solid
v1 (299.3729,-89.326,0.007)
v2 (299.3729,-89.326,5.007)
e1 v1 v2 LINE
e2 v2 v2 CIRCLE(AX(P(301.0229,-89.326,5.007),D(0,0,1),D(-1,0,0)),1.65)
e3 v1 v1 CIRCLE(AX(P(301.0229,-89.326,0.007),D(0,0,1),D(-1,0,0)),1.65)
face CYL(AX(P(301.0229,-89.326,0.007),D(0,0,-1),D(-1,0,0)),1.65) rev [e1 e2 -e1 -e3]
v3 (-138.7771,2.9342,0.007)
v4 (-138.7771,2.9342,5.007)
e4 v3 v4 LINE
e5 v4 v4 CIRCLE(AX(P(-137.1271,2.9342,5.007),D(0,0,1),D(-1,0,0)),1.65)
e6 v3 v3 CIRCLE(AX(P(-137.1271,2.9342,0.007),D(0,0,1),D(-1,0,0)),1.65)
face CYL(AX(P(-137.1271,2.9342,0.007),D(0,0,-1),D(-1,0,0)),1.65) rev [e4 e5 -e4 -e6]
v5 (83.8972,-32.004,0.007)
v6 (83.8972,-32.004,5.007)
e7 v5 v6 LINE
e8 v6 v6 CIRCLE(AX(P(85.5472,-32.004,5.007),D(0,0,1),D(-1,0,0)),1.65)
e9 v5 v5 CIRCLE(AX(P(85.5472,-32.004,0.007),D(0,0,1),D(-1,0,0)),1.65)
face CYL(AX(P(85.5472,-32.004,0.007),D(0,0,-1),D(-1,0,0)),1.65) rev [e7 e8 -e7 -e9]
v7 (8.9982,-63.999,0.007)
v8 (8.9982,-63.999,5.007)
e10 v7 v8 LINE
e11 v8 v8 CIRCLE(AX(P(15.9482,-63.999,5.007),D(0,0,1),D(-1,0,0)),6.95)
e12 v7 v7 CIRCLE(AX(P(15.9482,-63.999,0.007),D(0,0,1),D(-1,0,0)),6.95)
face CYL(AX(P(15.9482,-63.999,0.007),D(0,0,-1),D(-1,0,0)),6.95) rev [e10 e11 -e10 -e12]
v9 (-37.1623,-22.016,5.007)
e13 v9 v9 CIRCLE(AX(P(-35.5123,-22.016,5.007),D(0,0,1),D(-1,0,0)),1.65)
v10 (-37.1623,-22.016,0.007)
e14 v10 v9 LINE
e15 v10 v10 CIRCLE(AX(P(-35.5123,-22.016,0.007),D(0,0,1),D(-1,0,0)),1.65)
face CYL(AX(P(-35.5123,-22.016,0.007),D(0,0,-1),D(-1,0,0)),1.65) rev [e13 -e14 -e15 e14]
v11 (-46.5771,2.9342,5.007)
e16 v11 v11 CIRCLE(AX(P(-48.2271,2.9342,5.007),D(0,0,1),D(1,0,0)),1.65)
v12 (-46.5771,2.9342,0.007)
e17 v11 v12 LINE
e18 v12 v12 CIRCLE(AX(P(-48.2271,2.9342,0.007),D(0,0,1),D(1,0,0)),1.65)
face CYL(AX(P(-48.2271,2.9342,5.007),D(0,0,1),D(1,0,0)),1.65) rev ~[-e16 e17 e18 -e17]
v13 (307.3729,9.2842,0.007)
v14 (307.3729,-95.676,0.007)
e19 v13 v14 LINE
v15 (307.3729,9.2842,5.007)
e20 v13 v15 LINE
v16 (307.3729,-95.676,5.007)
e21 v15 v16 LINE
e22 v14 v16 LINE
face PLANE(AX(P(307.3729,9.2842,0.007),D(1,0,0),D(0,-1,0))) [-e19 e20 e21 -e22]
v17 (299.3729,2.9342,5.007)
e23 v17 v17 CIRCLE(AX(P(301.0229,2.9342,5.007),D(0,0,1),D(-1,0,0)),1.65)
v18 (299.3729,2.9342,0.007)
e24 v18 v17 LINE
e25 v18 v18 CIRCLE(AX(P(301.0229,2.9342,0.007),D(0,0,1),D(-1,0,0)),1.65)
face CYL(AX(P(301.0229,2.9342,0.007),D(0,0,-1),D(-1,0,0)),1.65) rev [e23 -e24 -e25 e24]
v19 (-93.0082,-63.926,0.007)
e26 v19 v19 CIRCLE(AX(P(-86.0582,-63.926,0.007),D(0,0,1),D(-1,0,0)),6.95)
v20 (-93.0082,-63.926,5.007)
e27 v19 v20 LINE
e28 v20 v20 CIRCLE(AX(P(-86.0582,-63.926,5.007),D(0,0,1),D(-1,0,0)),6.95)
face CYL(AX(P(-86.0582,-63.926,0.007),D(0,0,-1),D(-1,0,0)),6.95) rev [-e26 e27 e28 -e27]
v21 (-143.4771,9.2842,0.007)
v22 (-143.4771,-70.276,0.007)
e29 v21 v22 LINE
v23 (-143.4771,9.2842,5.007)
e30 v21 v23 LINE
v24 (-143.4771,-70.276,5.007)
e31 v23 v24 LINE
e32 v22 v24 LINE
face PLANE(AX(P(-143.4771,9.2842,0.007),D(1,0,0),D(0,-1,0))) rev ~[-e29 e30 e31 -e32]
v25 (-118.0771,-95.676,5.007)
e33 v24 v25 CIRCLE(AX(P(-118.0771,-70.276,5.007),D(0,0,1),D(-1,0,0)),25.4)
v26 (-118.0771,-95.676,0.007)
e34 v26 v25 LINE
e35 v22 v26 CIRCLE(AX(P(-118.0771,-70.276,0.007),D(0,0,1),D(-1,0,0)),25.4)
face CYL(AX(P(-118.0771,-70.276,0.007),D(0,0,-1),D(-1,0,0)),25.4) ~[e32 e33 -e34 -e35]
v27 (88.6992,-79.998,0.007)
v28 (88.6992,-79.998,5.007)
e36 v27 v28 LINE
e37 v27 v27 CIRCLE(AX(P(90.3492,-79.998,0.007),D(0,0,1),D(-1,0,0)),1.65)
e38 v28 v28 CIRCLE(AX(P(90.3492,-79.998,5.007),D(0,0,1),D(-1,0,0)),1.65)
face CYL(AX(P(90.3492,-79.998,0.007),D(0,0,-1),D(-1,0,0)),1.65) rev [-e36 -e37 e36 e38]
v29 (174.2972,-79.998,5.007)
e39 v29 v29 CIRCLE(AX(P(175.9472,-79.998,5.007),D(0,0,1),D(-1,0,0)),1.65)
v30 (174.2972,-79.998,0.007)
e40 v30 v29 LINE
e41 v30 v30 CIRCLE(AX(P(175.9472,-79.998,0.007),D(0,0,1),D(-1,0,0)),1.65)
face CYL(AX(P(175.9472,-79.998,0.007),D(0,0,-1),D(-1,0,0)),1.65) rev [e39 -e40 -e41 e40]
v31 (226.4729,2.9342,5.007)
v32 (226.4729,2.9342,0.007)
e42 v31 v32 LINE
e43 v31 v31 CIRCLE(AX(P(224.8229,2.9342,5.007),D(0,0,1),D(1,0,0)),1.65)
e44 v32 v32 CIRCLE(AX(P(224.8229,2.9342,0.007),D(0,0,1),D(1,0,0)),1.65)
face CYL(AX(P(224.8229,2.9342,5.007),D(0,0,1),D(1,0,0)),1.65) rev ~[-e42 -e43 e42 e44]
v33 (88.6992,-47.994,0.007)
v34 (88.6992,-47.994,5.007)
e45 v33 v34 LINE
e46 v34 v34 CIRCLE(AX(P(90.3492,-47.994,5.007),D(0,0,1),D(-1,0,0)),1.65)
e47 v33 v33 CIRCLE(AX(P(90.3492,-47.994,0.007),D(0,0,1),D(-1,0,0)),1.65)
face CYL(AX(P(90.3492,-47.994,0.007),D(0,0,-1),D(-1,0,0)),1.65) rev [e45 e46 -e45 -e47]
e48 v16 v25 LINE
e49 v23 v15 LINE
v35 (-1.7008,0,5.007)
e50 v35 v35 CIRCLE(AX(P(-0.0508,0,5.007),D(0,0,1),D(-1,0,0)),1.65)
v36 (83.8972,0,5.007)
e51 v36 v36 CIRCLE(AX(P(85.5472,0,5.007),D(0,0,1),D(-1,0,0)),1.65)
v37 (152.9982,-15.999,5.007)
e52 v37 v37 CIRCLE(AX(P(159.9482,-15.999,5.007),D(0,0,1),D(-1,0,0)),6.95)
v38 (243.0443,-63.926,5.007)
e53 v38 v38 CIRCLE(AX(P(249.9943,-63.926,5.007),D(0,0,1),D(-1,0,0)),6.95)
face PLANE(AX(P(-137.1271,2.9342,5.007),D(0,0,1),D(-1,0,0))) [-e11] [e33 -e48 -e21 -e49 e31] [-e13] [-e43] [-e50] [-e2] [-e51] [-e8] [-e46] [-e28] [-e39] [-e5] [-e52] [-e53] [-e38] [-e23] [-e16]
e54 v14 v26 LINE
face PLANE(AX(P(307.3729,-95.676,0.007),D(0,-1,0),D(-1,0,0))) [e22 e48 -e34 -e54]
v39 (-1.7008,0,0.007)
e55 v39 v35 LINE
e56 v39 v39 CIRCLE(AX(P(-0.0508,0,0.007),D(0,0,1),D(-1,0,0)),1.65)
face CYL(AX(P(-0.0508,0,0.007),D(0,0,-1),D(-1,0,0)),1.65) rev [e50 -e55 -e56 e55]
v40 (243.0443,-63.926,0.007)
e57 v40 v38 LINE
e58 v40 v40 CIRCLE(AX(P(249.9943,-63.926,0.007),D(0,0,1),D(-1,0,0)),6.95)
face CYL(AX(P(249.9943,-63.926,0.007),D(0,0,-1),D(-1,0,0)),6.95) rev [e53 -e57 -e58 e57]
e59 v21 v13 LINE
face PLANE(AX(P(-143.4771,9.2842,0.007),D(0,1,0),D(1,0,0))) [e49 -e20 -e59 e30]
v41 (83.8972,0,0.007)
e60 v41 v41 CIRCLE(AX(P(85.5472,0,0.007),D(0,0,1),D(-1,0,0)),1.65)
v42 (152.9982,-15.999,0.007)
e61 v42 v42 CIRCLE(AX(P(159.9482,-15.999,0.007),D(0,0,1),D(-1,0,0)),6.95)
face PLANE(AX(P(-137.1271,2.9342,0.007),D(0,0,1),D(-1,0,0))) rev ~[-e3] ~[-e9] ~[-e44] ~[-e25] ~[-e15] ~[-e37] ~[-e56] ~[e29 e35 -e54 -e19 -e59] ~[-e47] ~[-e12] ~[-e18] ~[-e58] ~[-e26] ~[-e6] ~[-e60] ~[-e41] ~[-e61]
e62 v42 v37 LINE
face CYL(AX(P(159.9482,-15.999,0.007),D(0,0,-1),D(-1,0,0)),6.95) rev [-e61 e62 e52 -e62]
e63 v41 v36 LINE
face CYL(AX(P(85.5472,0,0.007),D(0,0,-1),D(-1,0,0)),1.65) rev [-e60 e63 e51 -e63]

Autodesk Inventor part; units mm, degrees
ref_plane "YZ Plane" through (0, 0, 0) normal (1, 0, 0) x (0, 1, 0)
ref_plane "XZ Plane" through (0, 0, 0) normal (0, 1, 0) x (-1, 0, 0)
ref_plane "XY Plane" through (0, 0, 0) normal (0, 0, 1) x (1, 0, 0)
ref_plane "Work Plane1" through (-137.1271, 2.9342, 0.007) normal (0, 0, 1) x (-1, 0, 0)
sketch "Sketch1" plane through (-137.1271, 2.9342, 0.007) normal (0, 0, 1) x (-1, 0, 0)
  line L0 (6.35, -6.35) -> (-444.5, -6.35) construction
  line L1 (-444.5, -6.35) -> (-444.5, 98.6102) construction
  line L2 (6.35, -6.35) -> (-444.5, -6.35)
  line L3 (-444.5, -6.35) -> (-444.5, 98.6102)
  line L4 (-444.5, 98.6102) -> (-19.05, 98.6102)
  circle A0 centre (0, 0) radius 1.7 construction
  circle A1 centre (-101.6148, 24.9502) radius 1.7 construction
  circle A2 centre (-222.6743, 2.9342) radius 1.9304 construction
  circle A3 centre (-222.6743, 34.9382) radius 1.9304 construction
  circle A4 centre (-227.4763, 50.9282) radius 1.9304 construction
  circle A5 centre (-227.4763, 82.9322) radius 1.9304 construction
  circle A6 centre (-313.0743, 82.9322) radius 1.9304 construction
  circle A7 centre (-137.0763, 2.9342) radius 1.9304 construction
  circle A8 centre (-438.15, 0) radius 1.7 construction
  circle A9 centre (-438.15, 92.2602) radius 1.7 construction
  circle A10 centre (-387.1214, 66.8602) radius 4.83 construction
  circle A11 centre (-51.0689, 66.8602) radius 5.2798 construction
  circle A12 centre (-153.0753, 66.9332) radius 4.15 construction
  circle A13 centre (-297.0753, 18.9332) radius 4.83 construction
  circle A14 centre (0, 0) radius 1.65
  circle A15 centre (-101.6148, 24.9502) radius 1.65
  circle A16 centre (-438.15, 0) radius 1.65
  circle A17 centre (-438.15, 92.2602) radius 1.65
  circle A18 centre (-137.0763, 2.9342) radius 1.65
  circle A19 centre (-222.6743, 2.9342) radius 1.65
  circle A20 centre (-222.6743, 34.9382) radius 1.65
  circle A21 centre (-227.4763, 50.9282) radius 1.65
  circle A22 centre (-227.4763, 82.9322) radius 1.65
  circle A23 centre (-313.0743, 82.9322) radius 1.65
  circle A24 centre (-51.0689, 66.8602) radius 6.95
  circle A25 centre (-153.0753, 66.9332) radius 6.95
  circle A26 centre (-297.0753, 18.9332) radius 6.95
  circle A27 centre (-387.1214, 66.8602) radius 6.95
  line L5 (6.35, -6.35) -> (6.35, 73.2102)
  arc A28 (6.35, 73.2102) -> (-19.05, 98.6102) centre (-19.05, 73.2102) ccw
  point P0 (-137.1271, 2.9342)
  point P1 (6.35, 98.6102)
  dimension "M3Clearance" = 3.3
  dimension "d1" = 3.3
  dimension "d2" = 3.3
  dimension "d3" = 3.3
  dimension "d4" = 3.3
  dimension "d5" = 3.3
  dimension "d6" = 3.3
  dimension "d7" = 3.3
  dimension "d8" = 3.3
  dimension "d9" = 3.3
  dimension "BearingHole" = 13.9
  dimension "d11" = 13.9
  dimension "d12" = 13.9
  dimension "d13" = 13.9
  dimension "d20" = 25.4
extrude "Extrusion1" add sketch "Sketch1" along normal blind 5
sketch "Sketch2" plane through (-137.1271, 2.9342, 5.007) normal (0, 0, 1) x (1, 0, 0)
  circle A0 centre (88.9, 0) radius 1.7 construction
  circle A1 centre (361.95, 0) radius 1.7 construction
  circle A2 centre (88.9, 0) radius 1.65
  circle A3 centre (361.95, 0) radius 1.65
  point P0 (137.1271, -2.9342)
  dimension "d16" = 3.3
  dimension "d17" = 3.3
extrude "Extrusion2" cut sketch "Sketch2" against normal through all
equation "\"d1\" = M3Clearance"
equation "\"d2\" = M3Clearance"
equation "\"d3\" = M3Clearance"
equation "\"d4\" = M3Clearance"
equation "\"d5\" = M3Clearance"
equation "\"d6\" = M3Clearance"
equation "\"d7\" = M3Clearance"
equation "\"d8\" = M3Clearance"
equation "\"d9\" = M3Clearance"
equation "\"d16\" = M3Clearance"
equation "\"d17\" = M3Clearance"
properties part number "outside wall 2"
